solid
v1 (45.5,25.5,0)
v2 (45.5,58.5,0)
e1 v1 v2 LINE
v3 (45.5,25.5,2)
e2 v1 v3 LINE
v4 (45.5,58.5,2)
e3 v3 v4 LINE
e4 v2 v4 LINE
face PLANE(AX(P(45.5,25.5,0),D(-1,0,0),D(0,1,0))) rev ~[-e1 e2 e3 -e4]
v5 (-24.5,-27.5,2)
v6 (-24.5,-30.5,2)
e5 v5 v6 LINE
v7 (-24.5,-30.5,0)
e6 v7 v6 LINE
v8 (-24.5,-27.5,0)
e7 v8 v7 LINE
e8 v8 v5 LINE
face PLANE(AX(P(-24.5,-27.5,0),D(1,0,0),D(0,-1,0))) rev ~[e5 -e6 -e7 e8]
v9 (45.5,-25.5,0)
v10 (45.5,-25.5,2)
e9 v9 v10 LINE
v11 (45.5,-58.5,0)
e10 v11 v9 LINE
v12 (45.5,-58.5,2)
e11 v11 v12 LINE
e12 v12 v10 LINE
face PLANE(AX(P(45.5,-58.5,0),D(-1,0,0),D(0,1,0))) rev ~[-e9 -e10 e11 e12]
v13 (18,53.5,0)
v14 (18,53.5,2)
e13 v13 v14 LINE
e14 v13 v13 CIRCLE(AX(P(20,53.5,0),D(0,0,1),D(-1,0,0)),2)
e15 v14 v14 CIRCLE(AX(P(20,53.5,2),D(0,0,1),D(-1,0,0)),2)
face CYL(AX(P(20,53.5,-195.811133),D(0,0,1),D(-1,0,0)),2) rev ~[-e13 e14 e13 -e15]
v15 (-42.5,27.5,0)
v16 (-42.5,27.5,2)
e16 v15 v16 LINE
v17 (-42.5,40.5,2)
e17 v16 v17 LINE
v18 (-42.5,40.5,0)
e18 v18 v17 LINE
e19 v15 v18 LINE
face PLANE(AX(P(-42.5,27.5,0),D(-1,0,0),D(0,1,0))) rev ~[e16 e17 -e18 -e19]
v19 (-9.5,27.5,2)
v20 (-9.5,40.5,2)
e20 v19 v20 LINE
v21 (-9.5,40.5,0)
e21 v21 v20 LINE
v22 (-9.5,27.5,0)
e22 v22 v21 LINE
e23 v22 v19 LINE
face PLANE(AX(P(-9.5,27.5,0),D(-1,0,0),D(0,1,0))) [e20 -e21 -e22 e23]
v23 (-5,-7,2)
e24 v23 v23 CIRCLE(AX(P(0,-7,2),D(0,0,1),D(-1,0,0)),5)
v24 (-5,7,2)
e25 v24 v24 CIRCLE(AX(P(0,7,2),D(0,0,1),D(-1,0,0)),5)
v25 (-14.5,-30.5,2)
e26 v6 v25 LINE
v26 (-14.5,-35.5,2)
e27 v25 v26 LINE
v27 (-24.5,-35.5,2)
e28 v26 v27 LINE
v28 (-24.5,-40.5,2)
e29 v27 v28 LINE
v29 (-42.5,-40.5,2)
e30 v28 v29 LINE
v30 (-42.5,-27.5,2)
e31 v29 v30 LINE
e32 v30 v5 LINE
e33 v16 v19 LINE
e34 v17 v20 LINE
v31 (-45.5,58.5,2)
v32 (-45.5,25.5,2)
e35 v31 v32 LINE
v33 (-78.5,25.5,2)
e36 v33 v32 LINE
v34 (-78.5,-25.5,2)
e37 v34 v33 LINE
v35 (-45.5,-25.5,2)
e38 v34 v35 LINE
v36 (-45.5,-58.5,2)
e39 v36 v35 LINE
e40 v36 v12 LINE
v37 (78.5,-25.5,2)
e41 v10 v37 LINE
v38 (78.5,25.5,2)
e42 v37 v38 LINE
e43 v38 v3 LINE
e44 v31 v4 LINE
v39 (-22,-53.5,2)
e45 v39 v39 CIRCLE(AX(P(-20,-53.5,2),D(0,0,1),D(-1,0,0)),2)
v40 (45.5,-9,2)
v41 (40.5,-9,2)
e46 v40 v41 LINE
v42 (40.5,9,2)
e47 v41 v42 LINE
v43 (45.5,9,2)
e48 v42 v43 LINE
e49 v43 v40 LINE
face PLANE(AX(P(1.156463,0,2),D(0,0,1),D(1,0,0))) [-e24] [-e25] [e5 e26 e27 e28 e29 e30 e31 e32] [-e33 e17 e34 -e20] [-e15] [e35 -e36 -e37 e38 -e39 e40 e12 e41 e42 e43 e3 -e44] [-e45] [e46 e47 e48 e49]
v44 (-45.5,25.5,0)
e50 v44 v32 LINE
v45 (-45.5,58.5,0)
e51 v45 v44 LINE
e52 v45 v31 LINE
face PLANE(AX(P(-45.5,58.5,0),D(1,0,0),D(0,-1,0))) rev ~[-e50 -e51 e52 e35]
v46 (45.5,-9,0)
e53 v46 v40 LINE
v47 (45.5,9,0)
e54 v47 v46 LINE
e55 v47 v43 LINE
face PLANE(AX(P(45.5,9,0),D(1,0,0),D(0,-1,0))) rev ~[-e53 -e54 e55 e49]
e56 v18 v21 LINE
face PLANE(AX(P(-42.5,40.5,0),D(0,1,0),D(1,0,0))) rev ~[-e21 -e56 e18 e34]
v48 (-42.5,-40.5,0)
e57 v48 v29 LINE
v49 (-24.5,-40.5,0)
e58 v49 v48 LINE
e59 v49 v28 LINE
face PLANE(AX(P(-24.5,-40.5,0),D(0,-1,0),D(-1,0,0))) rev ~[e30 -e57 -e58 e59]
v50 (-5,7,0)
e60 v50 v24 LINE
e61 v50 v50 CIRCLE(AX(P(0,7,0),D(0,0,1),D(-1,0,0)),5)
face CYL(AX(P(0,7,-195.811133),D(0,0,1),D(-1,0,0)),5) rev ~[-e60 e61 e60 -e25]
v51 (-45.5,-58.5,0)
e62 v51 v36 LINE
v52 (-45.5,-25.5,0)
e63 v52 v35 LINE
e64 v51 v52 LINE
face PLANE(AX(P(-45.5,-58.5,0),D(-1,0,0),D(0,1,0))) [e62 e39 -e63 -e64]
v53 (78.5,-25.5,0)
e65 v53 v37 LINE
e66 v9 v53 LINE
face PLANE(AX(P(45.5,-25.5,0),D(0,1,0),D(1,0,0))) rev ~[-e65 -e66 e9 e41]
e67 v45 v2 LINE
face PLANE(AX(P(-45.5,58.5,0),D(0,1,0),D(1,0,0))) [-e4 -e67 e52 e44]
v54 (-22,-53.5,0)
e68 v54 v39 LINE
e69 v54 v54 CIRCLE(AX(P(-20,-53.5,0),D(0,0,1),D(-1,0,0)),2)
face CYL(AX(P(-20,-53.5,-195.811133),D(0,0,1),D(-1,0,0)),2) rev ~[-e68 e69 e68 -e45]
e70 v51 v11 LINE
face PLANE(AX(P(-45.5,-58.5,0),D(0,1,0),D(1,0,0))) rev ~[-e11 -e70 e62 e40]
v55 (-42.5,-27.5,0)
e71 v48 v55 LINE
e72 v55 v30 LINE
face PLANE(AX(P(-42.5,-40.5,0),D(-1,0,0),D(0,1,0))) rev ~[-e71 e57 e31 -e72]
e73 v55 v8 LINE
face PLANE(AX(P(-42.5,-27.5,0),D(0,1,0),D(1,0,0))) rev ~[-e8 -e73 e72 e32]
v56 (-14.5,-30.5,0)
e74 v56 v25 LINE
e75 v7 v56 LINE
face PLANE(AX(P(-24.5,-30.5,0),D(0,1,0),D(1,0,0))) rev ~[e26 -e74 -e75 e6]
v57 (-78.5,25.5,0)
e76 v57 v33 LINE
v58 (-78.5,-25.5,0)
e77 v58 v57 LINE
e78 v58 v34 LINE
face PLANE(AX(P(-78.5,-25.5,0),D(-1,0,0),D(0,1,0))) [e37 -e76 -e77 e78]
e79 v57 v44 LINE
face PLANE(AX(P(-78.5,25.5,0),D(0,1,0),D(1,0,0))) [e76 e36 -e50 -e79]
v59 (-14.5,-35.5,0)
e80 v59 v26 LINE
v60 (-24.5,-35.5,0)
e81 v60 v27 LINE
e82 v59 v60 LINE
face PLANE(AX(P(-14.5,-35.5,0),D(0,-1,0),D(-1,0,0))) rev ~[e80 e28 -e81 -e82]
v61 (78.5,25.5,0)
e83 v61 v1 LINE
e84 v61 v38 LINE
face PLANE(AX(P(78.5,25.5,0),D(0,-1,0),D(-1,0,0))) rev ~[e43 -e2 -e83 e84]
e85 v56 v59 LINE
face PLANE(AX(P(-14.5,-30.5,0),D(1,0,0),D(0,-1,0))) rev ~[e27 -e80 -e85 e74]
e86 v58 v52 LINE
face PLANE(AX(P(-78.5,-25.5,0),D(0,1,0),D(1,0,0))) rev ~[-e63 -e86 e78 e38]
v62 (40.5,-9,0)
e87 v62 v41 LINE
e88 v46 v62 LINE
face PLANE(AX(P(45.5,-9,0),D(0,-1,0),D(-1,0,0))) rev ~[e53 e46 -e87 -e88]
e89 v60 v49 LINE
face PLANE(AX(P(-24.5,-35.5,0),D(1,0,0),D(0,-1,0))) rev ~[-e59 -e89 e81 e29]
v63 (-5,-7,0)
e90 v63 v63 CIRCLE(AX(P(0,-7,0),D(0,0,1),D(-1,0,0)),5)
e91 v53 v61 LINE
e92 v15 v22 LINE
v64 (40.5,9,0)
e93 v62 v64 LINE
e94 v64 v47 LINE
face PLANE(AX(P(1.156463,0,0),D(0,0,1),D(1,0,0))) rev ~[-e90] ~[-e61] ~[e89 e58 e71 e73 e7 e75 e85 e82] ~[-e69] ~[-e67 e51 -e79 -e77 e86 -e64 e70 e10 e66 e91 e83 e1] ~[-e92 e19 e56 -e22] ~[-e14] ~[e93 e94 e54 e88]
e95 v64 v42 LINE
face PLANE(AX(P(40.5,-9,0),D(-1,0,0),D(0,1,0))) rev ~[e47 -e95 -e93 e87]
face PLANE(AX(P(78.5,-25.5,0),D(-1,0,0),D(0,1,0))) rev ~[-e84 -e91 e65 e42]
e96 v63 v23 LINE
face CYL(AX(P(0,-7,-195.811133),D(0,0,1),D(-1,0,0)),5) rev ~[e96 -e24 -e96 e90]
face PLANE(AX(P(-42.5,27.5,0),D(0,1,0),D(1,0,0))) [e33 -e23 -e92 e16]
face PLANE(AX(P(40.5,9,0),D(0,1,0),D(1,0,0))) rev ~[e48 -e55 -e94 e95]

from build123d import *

# Parameters (mm, degrees)
F0_W     = 91
F0_H     = 33
F0_W_2   = 33
F0_H_2   = 13
F0_H_3   = 51
F1_DEPTH = 2
F2_D     = 4
F3_D     = 10


with BuildPart() as f1:
    # F0 (on Top) → F1 (new body)
    with BuildSketch(Plane.XY):
        Polygon((45.5, 9), (45.5, 25.5), (-45.5, 25.5), (-45.5, -25.5), (45.5, -25.5), (45.5, -9), (40.5, -9), (40.5, 9), align=None)
        Polygon((78.5, 25.5), (45.5, 25.5), (45.5, 9), (45.5, -9), (45.5, -25.5), (78.5, -25.5), align=None)
        with Locations((0, 42)):
            Rectangle(F0_W, F0_H)
        with Locations((-26, 34)):
            Rectangle(F0_W_2, F0_H_2, mode=Mode.SUBTRACT)
        with Locations((-62, 0)):
            Rectangle(F0_W_2, F0_H_3)
        with Locations((0, -42)):
            Rectangle(F0_W, F0_H)
        Polygon((-24.5, -40.5), (-42.5, -40.5), (-42.5, -27.5), (-24.5, -27.5), (-24.5, -30.5), (-14.5, -30.5), (-14.5, -35.5), (-24.5, -35.5), align=None, mode=Mode.SUBTRACT)
    extrude(amount=F1_DEPTH)

    # F2 (through all)
    with Locations(Plane(origin=(0, 0, 0), x_dir=(1, 0, 0), z_dir=(0, 0, -1))):
        with Locations((-20, 53.5), (20, -53.5)):
            Hole(F2_D / 2)

    # F3 (through all)
    with Locations(Plane(origin=(0, 0, 0), x_dir=(1, 0, 0), z_dir=(0, 0, -1))):
        with Locations((0, -7), (0, 7)):
            Hole(F3_D / 2)


solid = f1.part
